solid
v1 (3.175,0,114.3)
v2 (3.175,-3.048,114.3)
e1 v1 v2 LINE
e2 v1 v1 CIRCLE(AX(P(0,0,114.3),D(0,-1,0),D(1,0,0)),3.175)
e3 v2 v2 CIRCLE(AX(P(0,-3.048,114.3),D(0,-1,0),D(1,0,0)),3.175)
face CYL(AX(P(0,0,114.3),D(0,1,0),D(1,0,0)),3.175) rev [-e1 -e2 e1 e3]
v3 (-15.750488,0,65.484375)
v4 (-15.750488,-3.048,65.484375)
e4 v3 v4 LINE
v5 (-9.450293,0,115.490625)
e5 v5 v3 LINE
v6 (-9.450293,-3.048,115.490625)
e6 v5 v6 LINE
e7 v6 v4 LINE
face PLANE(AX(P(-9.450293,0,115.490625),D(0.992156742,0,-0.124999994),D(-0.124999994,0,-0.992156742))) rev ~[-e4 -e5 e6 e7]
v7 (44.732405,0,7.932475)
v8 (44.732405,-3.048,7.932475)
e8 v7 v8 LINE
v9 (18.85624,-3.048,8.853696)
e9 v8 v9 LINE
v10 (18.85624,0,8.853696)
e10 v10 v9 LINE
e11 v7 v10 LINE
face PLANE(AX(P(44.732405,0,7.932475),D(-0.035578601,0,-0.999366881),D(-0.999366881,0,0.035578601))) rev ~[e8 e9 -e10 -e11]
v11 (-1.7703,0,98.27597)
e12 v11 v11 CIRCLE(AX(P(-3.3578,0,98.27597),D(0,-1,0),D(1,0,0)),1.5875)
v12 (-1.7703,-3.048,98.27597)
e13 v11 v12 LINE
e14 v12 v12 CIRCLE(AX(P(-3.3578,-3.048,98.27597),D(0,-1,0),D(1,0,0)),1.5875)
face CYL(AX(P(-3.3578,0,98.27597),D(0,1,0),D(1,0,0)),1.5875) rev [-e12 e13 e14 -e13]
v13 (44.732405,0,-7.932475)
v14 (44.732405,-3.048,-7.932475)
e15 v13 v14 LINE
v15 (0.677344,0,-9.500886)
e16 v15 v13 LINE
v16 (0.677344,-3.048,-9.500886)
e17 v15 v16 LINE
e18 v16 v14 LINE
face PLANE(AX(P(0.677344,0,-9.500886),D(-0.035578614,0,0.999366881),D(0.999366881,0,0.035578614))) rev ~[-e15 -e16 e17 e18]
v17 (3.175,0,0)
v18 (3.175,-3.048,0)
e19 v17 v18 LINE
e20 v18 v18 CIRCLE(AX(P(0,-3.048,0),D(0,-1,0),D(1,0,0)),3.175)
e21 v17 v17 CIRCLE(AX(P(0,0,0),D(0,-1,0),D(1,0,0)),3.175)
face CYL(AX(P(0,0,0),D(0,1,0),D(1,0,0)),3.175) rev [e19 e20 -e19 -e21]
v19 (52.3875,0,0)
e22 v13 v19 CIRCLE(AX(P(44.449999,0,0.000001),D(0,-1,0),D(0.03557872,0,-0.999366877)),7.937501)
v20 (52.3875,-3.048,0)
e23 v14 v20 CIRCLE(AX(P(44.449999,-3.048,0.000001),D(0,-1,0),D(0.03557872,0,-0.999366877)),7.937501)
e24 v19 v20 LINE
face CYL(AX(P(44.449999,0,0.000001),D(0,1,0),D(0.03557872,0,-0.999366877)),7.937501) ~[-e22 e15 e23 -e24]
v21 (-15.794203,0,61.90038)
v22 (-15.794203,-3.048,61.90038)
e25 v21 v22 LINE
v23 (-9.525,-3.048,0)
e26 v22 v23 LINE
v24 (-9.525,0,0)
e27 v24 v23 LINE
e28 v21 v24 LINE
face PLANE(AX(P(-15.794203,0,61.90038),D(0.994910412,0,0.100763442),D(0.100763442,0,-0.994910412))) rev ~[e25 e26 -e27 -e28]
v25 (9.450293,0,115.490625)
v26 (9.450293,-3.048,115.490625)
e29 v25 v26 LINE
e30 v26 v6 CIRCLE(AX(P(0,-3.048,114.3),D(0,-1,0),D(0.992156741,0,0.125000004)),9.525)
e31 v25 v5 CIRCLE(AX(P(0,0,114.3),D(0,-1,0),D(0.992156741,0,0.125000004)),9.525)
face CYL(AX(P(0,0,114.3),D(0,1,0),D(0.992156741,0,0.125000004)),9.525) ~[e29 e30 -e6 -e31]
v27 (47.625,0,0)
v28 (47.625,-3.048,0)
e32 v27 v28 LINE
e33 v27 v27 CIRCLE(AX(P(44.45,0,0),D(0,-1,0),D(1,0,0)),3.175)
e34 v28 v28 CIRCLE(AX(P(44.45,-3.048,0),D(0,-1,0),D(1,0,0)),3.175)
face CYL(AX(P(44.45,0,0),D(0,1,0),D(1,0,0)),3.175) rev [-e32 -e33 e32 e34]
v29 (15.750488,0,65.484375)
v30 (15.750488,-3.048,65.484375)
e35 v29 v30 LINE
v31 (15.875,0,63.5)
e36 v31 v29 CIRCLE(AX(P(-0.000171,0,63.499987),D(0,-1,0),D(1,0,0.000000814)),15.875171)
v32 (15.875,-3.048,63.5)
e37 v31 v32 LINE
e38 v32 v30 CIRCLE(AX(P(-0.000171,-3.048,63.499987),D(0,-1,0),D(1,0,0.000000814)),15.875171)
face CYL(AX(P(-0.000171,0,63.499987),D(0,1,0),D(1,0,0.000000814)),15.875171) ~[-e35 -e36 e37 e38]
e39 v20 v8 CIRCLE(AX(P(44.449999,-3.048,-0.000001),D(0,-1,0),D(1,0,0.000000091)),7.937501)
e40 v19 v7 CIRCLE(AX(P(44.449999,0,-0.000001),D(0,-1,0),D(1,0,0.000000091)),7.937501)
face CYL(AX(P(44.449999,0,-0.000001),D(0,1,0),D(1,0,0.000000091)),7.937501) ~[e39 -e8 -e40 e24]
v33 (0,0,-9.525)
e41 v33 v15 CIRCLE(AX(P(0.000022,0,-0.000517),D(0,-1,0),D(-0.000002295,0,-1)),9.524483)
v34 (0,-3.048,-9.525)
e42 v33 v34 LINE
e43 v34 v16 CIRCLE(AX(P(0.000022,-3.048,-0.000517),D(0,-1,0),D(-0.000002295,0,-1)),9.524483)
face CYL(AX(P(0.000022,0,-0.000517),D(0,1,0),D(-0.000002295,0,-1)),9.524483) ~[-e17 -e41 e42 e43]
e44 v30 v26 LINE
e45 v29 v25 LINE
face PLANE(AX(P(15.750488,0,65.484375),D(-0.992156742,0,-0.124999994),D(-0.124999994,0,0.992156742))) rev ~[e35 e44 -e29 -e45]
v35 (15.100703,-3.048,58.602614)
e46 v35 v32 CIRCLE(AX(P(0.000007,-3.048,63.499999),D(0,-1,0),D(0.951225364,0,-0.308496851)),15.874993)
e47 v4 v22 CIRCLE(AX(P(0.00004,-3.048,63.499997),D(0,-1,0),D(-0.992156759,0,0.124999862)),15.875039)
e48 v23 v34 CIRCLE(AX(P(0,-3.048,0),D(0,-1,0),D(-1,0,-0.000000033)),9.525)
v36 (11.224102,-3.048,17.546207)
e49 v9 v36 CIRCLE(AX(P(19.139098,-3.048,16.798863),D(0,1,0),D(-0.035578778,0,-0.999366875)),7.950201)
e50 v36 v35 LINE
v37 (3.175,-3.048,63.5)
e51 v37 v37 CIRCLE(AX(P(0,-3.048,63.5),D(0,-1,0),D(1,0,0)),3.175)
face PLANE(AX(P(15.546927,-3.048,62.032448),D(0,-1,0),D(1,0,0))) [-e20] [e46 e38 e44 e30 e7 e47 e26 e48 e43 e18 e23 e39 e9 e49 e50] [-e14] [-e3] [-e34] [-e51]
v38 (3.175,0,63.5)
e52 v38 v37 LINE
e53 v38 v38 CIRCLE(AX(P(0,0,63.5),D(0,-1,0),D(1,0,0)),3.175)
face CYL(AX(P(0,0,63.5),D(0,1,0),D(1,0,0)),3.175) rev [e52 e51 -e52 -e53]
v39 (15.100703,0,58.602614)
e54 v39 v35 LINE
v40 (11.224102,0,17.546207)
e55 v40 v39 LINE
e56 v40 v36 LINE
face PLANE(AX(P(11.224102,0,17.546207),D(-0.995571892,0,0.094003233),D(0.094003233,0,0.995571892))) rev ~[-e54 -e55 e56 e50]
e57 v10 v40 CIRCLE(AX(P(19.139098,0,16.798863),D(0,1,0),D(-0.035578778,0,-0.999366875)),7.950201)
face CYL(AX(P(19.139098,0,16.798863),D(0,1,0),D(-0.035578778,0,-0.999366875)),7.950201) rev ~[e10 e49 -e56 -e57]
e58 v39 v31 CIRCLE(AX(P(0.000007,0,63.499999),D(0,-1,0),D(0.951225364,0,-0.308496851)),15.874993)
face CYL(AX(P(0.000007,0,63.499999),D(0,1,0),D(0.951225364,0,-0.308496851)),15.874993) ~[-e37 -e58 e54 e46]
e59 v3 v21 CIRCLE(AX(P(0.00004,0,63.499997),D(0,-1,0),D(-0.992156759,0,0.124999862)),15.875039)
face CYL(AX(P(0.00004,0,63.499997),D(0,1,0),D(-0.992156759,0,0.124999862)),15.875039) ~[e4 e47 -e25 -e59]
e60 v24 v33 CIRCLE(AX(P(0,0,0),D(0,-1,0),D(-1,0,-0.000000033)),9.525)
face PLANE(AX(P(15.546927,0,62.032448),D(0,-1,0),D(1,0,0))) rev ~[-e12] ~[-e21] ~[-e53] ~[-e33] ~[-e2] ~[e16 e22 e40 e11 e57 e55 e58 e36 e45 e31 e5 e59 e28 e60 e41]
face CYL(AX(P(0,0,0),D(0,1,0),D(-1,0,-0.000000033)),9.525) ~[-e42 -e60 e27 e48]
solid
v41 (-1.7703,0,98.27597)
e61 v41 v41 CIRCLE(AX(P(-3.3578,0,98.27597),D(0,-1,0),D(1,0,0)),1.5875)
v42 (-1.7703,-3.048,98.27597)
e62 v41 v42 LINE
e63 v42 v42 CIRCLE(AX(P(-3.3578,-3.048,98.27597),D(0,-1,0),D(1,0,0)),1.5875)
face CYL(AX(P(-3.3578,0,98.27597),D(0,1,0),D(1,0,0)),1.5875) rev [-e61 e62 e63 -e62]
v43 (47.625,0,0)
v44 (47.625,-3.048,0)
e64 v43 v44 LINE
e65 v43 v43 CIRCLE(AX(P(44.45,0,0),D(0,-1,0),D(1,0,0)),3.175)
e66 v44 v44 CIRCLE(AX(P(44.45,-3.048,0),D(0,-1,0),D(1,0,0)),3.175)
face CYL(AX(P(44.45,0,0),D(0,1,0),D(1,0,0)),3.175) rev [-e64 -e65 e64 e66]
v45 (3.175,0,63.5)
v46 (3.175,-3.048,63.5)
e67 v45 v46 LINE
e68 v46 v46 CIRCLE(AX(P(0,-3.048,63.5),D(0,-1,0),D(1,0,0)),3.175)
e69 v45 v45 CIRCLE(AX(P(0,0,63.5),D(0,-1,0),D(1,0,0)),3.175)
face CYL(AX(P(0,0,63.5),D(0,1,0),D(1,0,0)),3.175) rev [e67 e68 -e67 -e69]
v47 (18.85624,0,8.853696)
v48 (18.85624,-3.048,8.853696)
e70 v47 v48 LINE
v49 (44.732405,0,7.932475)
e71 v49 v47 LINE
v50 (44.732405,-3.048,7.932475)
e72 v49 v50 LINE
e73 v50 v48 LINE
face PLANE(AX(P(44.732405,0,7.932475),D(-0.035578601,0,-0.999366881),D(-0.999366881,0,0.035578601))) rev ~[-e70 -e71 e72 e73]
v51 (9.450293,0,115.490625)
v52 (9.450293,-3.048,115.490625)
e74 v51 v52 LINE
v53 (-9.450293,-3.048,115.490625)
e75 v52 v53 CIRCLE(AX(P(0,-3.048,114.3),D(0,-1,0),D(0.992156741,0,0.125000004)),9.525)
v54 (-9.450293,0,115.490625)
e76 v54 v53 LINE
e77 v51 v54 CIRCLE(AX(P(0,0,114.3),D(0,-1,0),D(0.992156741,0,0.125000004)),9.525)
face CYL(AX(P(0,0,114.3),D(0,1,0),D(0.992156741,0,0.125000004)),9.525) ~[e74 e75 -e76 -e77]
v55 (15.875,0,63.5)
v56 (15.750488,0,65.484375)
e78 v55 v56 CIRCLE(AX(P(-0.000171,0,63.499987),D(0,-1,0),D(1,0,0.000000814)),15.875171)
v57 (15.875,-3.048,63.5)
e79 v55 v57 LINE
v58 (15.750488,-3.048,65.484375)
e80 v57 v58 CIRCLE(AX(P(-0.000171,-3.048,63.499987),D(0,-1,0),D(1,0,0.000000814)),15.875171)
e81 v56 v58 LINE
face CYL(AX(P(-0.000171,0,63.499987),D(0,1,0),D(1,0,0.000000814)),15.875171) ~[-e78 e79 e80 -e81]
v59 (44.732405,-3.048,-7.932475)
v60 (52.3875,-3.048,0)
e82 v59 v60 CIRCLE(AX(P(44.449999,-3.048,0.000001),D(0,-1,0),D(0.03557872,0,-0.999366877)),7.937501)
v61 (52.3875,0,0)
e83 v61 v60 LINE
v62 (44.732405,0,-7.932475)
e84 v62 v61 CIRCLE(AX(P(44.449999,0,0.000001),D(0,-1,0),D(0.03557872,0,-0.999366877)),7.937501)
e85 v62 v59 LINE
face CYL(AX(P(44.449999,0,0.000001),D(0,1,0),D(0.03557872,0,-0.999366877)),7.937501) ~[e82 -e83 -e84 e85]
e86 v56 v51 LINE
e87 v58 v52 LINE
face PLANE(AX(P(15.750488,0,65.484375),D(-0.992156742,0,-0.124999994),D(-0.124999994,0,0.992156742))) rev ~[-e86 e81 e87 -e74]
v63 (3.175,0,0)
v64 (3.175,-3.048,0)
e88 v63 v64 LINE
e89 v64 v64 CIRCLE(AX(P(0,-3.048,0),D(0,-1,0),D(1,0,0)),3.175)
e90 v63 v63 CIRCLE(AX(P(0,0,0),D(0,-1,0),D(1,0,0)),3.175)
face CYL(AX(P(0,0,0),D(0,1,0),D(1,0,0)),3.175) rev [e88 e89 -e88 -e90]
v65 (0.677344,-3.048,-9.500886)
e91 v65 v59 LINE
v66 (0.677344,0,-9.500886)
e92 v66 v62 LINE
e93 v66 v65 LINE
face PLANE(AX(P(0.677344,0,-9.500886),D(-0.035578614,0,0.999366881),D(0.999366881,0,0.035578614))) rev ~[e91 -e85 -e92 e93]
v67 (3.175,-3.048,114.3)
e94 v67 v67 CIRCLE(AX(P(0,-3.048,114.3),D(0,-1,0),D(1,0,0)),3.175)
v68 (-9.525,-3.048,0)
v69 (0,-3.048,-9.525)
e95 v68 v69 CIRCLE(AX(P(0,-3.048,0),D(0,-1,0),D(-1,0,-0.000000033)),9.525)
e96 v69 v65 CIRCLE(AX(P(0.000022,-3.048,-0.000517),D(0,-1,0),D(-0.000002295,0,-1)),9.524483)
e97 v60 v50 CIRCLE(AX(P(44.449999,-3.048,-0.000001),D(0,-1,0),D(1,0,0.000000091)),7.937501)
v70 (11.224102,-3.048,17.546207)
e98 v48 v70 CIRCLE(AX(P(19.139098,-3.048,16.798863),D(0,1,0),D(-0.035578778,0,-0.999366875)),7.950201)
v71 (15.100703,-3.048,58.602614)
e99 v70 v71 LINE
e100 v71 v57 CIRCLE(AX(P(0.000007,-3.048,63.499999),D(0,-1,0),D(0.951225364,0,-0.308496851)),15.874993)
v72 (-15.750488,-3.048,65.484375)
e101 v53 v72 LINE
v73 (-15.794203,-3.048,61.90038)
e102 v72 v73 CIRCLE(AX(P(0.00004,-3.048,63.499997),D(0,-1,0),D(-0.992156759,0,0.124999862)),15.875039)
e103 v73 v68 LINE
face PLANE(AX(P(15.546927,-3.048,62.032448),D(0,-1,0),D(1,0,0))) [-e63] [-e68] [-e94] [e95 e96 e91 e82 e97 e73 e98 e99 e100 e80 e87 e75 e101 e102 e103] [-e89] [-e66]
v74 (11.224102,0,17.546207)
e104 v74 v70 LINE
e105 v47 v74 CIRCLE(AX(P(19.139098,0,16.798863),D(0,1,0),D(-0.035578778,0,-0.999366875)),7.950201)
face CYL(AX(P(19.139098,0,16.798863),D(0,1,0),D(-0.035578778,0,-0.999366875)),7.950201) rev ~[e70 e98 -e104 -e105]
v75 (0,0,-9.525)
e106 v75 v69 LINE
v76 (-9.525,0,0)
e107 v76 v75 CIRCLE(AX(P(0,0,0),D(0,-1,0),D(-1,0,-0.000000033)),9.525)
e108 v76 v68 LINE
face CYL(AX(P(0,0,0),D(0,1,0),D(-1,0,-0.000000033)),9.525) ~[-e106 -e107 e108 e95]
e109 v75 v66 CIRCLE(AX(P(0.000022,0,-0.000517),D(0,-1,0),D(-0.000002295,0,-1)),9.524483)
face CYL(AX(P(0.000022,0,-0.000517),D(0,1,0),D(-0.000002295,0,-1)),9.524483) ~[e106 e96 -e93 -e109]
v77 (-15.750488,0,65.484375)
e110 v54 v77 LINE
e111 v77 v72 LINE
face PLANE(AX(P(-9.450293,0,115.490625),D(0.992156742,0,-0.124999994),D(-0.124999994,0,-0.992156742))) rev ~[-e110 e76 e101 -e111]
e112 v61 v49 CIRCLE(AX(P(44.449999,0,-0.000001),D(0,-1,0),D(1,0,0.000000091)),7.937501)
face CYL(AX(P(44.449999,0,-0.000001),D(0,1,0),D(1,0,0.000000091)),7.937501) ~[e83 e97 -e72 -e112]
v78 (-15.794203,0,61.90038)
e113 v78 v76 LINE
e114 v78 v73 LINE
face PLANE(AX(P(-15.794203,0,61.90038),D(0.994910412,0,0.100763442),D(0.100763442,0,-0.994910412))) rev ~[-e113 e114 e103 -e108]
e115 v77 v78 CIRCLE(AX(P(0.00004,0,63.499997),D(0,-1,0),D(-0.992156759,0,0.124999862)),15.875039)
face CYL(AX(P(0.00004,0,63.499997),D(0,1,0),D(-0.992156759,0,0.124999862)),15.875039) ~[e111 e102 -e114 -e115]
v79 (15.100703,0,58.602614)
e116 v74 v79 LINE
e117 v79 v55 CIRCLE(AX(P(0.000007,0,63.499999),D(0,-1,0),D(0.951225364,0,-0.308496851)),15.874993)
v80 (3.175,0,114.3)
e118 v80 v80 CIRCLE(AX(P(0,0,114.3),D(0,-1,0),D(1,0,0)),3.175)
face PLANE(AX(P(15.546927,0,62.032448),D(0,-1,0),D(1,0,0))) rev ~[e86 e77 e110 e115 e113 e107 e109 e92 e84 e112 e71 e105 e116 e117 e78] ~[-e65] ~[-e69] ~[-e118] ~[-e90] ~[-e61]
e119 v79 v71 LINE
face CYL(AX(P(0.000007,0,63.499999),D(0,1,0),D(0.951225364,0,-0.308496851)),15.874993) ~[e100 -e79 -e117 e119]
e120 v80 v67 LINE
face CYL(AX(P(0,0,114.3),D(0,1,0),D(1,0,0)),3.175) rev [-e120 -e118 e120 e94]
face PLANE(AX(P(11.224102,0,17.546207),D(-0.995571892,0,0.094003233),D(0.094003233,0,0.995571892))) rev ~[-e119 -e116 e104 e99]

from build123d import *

# Parameters (mm, degrees)
F0_R     = 3.175
F0_R_2   = 1.5875
F1_DEPTH = 3.048
F2_DEPTH = 3.048


with BuildPart() as f1:
    # F0 (on Front) → F1 (new body)
    with BuildSketch(Plane.XZ):
        with BuildLine():
            ThreePointArc((15.100703, 58.602614), (15.680231, 61.020891), (15.875, 63.5))
            ThreePointArc((15.875, 63.5), (15.843841, 64.494139), (15.750488, 65.484375))
            Line((15.750488, 65.484375), (15.100703, 58.602614))
        make_face()
        with BuildLine():
            Line((15.100703, 58.602614), (15.750488, 65.484375))
            ThreePointArc((15.750488, 65.484375), (0, 79.375), (-15.750488, 65.484375))
            ThreePointArc((-15.750488, 65.484375), (-15.873819, 63.693615), (-15.794203, 61.90038))
            ThreePointArc((-15.794203, 61.90038), (-1.684948, 47.714672), (15.100703, 58.602614))
        make_face()
        with Locations((0, 63.5)):
            Circle(F0_R, mode=Mode.SUBTRACT)
        with BuildLine():
            ThreePointArc((-15.750488, 65.484375), (0, 79.375), (15.750488, 65.484375))
            Line((15.750488, 65.484375), (9.450293, 115.490625))
            ThreePointArc((9.450293, 115.490625), (9.506305, 114.896483), (9.525, 114.3))
            ThreePointArc((9.525, 114.3), (-0.596483, 104.793695), (-9.450293, 115.490625))
            Line((-9.450293, 115.490625), (-15.750488, 65.484375))
        make_face()
        with Locations((-3.3578, 98.27597)):
            Circle(F0_R_2, mode=Mode.SUBTRACT)
        with BuildLine():
            Line((11.224102, 17.546207), (15.100703, 58.602614))
            ThreePointArc((15.100703, 58.602614), (-1.684948, 47.714672), (-15.794203, 61.90038))
            Line((-15.794203, 61.90038), (-9.525, 0))
            ThreePointArc((-9.525, 0), (0, 9.525), (9.525, 0))
            ThreePointArc((9.525, 0), (6.970557, -6.491299), (0.677344, -9.500886))
            Line((0.677344, -9.500886), (44.732405, -7.932475))
            ThreePointArc((44.732405, -7.932475), (36.5125, 0), (44.732405, 7.932475))
            Line((44.732405, 7.932475), (18.85624, 8.853696))
            ThreePointArc((18.85624, 8.853696), (13.164892, 11.553432), (11.224102, 17.546207))
        make_face()
        with BuildLine():
            ThreePointArc((9.525, 114.3), (9.506305, 114.896483), (9.450293, 115.490625))
            ThreePointArc((9.450293, 115.490625), (0, 123.825), (-9.450293, 115.490625))
            ThreePointArc((-9.450293, 115.490625), (-0.596483, 104.793695), (9.525, 114.3))
        make_face()
        with Locations((0, 114.3)):
            Circle(F0_R, mode=Mode.SUBTRACT)
        with BuildLine():
            ThreePointArc((9.525, 0), (0, 9.525), (-9.525, 0))
            ThreePointArc((-9.525, 0), (-6.735192, -6.735192), (0, -9.525))
            Line((0, -9.525), (0.677344, -9.500886))
            ThreePointArc((0.677344, -9.500886), (6.970557, -6.491299), (9.525, 0))
        make_face()
        Circle(F0_R, mode=Mode.SUBTRACT)
        with BuildLine():
            Line((0.677344, -9.500886), (0, -9.525))
            ThreePointArc((0, -9.525), (0.338886, -9.51897), (0.677344, -9.500886))
        make_face()
        with BuildLine():
            ThreePointArc((52.3875, 0), (50.161633, 5.51191), (44.732405, 7.932475))
            ThreePointArc((44.732405, 7.932475), (36.5125, 0), (44.732405, -7.932475))
            ThreePointArc((44.732405, -7.932475), (50.161633, -5.51191), (52.3875, 0))
        make_face()
        with Locations((44.45, 0)):
            Circle(F0_R, mode=Mode.SUBTRACT)
    extrude(amount=F1_DEPTH)


with BuildPart() as f2:
    # F0 (on Front) → F2 (new body)
    with BuildSketch(Plane.XZ):
        with BuildLine():
            ThreePointArc((15.100703, 58.602614), (15.680231, 61.020891), (15.875, 63.5))
            ThreePointArc((15.875, 63.5), (15.843841, 64.494139), (15.750488, 65.484375))
            Line((15.750488, 65.484375), (15.100703, 58.602614))
        make_face()
        with BuildLine():
            Line((15.100703, 58.602614), (15.750488, 65.484375))
            ThreePointArc((15.750488, 65.484375), (0, 79.375), (-15.750488, 65.484375))
            ThreePointArc((-15.750488, 65.484375), (-15.873819, 63.693615), (-15.794203, 61.90038))
            ThreePointArc((-15.794203, 61.90038), (-1.684948, 47.714672), (15.100703, 58.602614))
        make_face()
        with Locations((0, 63.5)):
            Circle(F0_R, mode=Mode.SUBTRACT)
        with BuildLine():
            ThreePointArc((-15.750488, 65.484375), (0, 79.375), (15.750488, 65.484375))
            Line((15.750488, 65.484375), (9.450293, 115.490625))
            ThreePointArc((9.450293, 115.490625), (9.506305, 114.896483), (9.525, 114.3))
            ThreePointArc((9.525, 114.3), (-0.596483, 104.793695), (-9.450293, 115.490625))
            Line((-9.450293, 115.490625), (-15.750488, 65.484375))
        make_face()
        with Locations((-3.3578, 98.27597)):
            Circle(F0_R_2, mode=Mode.SUBTRACT)
        with BuildLine():
            Line((11.224102, 17.546207), (15.100703, 58.602614))
            ThreePointArc((15.100703, 58.602614), (-1.684948, 47.714672), (-15.794203, 61.90038))
            Line((-15.794203, 61.90038), (-9.525, 0))
            ThreePointArc((-9.525, 0), (0, 9.525), (9.525, 0))
            ThreePointArc((9.525, 0), (6.970557, -6.491299), (0.677344, -9.500886))
            Line((0.677344, -9.500886), (44.732405, -7.932475))
            ThreePointArc((44.732405, -7.932475), (36.5125, 0), (44.732405, 7.932475))
            Line((44.732405, 7.932475), (18.85624, 8.853696))
            ThreePointArc((18.85624, 8.853696), (13.164892, 11.553432), (11.224102, 17.546207))
        make_face()
        with BuildLine():
            ThreePointArc((9.525, 114.3), (9.506305, 114.896483), (9.450293, 115.490625))
            ThreePointArc((9.450293, 115.490625), (0, 123.825), (-9.450293, 115.490625))
            ThreePointArc((-9.450293, 115.490625), (-0.596483, 104.793695), (9.525, 114.3))
        make_face()
        with Locations((0, 114.3)):
            Circle(F0_R, mode=Mode.SUBTRACT)
        with BuildLine():
            ThreePointArc((9.525, 0), (0, 9.525), (-9.525, 0))
            ThreePointArc((-9.525, 0), (-6.735192, -6.735192), (0, -9.525))
            Line((0, -9.525), (0.677344, -9.500886))
            ThreePointArc((0.677344, -9.500886), (6.970557, -6.491299), (9.525, 0))
        make_face()
        Circle(F0_R, mode=Mode.SUBTRACT)
        with BuildLine():
            Line((0.677344, -9.500886), (0, -9.525))
            ThreePointArc((0, -9.525), (0.338886, -9.51897), (0.677344, -9.500886))
        make_face()
        with BuildLine():
            ThreePointArc((52.3875, 0), (50.161633, 5.51191), (44.732405, 7.932475))
            ThreePointArc((44.732405, 7.932475), (36.5125, 0), (44.732405, -7.932475))
            ThreePointArc((44.732405, -7.932475), (50.161633, -5.51191), (52.3875, 0))
        make_face()
        with Locations((44.45, 0)):
            Circle(F0_R, mode=Mode.SUBTRACT)
    extrude(amount=F2_DEPTH)


solid = Compound([f1.part, f2.part])
